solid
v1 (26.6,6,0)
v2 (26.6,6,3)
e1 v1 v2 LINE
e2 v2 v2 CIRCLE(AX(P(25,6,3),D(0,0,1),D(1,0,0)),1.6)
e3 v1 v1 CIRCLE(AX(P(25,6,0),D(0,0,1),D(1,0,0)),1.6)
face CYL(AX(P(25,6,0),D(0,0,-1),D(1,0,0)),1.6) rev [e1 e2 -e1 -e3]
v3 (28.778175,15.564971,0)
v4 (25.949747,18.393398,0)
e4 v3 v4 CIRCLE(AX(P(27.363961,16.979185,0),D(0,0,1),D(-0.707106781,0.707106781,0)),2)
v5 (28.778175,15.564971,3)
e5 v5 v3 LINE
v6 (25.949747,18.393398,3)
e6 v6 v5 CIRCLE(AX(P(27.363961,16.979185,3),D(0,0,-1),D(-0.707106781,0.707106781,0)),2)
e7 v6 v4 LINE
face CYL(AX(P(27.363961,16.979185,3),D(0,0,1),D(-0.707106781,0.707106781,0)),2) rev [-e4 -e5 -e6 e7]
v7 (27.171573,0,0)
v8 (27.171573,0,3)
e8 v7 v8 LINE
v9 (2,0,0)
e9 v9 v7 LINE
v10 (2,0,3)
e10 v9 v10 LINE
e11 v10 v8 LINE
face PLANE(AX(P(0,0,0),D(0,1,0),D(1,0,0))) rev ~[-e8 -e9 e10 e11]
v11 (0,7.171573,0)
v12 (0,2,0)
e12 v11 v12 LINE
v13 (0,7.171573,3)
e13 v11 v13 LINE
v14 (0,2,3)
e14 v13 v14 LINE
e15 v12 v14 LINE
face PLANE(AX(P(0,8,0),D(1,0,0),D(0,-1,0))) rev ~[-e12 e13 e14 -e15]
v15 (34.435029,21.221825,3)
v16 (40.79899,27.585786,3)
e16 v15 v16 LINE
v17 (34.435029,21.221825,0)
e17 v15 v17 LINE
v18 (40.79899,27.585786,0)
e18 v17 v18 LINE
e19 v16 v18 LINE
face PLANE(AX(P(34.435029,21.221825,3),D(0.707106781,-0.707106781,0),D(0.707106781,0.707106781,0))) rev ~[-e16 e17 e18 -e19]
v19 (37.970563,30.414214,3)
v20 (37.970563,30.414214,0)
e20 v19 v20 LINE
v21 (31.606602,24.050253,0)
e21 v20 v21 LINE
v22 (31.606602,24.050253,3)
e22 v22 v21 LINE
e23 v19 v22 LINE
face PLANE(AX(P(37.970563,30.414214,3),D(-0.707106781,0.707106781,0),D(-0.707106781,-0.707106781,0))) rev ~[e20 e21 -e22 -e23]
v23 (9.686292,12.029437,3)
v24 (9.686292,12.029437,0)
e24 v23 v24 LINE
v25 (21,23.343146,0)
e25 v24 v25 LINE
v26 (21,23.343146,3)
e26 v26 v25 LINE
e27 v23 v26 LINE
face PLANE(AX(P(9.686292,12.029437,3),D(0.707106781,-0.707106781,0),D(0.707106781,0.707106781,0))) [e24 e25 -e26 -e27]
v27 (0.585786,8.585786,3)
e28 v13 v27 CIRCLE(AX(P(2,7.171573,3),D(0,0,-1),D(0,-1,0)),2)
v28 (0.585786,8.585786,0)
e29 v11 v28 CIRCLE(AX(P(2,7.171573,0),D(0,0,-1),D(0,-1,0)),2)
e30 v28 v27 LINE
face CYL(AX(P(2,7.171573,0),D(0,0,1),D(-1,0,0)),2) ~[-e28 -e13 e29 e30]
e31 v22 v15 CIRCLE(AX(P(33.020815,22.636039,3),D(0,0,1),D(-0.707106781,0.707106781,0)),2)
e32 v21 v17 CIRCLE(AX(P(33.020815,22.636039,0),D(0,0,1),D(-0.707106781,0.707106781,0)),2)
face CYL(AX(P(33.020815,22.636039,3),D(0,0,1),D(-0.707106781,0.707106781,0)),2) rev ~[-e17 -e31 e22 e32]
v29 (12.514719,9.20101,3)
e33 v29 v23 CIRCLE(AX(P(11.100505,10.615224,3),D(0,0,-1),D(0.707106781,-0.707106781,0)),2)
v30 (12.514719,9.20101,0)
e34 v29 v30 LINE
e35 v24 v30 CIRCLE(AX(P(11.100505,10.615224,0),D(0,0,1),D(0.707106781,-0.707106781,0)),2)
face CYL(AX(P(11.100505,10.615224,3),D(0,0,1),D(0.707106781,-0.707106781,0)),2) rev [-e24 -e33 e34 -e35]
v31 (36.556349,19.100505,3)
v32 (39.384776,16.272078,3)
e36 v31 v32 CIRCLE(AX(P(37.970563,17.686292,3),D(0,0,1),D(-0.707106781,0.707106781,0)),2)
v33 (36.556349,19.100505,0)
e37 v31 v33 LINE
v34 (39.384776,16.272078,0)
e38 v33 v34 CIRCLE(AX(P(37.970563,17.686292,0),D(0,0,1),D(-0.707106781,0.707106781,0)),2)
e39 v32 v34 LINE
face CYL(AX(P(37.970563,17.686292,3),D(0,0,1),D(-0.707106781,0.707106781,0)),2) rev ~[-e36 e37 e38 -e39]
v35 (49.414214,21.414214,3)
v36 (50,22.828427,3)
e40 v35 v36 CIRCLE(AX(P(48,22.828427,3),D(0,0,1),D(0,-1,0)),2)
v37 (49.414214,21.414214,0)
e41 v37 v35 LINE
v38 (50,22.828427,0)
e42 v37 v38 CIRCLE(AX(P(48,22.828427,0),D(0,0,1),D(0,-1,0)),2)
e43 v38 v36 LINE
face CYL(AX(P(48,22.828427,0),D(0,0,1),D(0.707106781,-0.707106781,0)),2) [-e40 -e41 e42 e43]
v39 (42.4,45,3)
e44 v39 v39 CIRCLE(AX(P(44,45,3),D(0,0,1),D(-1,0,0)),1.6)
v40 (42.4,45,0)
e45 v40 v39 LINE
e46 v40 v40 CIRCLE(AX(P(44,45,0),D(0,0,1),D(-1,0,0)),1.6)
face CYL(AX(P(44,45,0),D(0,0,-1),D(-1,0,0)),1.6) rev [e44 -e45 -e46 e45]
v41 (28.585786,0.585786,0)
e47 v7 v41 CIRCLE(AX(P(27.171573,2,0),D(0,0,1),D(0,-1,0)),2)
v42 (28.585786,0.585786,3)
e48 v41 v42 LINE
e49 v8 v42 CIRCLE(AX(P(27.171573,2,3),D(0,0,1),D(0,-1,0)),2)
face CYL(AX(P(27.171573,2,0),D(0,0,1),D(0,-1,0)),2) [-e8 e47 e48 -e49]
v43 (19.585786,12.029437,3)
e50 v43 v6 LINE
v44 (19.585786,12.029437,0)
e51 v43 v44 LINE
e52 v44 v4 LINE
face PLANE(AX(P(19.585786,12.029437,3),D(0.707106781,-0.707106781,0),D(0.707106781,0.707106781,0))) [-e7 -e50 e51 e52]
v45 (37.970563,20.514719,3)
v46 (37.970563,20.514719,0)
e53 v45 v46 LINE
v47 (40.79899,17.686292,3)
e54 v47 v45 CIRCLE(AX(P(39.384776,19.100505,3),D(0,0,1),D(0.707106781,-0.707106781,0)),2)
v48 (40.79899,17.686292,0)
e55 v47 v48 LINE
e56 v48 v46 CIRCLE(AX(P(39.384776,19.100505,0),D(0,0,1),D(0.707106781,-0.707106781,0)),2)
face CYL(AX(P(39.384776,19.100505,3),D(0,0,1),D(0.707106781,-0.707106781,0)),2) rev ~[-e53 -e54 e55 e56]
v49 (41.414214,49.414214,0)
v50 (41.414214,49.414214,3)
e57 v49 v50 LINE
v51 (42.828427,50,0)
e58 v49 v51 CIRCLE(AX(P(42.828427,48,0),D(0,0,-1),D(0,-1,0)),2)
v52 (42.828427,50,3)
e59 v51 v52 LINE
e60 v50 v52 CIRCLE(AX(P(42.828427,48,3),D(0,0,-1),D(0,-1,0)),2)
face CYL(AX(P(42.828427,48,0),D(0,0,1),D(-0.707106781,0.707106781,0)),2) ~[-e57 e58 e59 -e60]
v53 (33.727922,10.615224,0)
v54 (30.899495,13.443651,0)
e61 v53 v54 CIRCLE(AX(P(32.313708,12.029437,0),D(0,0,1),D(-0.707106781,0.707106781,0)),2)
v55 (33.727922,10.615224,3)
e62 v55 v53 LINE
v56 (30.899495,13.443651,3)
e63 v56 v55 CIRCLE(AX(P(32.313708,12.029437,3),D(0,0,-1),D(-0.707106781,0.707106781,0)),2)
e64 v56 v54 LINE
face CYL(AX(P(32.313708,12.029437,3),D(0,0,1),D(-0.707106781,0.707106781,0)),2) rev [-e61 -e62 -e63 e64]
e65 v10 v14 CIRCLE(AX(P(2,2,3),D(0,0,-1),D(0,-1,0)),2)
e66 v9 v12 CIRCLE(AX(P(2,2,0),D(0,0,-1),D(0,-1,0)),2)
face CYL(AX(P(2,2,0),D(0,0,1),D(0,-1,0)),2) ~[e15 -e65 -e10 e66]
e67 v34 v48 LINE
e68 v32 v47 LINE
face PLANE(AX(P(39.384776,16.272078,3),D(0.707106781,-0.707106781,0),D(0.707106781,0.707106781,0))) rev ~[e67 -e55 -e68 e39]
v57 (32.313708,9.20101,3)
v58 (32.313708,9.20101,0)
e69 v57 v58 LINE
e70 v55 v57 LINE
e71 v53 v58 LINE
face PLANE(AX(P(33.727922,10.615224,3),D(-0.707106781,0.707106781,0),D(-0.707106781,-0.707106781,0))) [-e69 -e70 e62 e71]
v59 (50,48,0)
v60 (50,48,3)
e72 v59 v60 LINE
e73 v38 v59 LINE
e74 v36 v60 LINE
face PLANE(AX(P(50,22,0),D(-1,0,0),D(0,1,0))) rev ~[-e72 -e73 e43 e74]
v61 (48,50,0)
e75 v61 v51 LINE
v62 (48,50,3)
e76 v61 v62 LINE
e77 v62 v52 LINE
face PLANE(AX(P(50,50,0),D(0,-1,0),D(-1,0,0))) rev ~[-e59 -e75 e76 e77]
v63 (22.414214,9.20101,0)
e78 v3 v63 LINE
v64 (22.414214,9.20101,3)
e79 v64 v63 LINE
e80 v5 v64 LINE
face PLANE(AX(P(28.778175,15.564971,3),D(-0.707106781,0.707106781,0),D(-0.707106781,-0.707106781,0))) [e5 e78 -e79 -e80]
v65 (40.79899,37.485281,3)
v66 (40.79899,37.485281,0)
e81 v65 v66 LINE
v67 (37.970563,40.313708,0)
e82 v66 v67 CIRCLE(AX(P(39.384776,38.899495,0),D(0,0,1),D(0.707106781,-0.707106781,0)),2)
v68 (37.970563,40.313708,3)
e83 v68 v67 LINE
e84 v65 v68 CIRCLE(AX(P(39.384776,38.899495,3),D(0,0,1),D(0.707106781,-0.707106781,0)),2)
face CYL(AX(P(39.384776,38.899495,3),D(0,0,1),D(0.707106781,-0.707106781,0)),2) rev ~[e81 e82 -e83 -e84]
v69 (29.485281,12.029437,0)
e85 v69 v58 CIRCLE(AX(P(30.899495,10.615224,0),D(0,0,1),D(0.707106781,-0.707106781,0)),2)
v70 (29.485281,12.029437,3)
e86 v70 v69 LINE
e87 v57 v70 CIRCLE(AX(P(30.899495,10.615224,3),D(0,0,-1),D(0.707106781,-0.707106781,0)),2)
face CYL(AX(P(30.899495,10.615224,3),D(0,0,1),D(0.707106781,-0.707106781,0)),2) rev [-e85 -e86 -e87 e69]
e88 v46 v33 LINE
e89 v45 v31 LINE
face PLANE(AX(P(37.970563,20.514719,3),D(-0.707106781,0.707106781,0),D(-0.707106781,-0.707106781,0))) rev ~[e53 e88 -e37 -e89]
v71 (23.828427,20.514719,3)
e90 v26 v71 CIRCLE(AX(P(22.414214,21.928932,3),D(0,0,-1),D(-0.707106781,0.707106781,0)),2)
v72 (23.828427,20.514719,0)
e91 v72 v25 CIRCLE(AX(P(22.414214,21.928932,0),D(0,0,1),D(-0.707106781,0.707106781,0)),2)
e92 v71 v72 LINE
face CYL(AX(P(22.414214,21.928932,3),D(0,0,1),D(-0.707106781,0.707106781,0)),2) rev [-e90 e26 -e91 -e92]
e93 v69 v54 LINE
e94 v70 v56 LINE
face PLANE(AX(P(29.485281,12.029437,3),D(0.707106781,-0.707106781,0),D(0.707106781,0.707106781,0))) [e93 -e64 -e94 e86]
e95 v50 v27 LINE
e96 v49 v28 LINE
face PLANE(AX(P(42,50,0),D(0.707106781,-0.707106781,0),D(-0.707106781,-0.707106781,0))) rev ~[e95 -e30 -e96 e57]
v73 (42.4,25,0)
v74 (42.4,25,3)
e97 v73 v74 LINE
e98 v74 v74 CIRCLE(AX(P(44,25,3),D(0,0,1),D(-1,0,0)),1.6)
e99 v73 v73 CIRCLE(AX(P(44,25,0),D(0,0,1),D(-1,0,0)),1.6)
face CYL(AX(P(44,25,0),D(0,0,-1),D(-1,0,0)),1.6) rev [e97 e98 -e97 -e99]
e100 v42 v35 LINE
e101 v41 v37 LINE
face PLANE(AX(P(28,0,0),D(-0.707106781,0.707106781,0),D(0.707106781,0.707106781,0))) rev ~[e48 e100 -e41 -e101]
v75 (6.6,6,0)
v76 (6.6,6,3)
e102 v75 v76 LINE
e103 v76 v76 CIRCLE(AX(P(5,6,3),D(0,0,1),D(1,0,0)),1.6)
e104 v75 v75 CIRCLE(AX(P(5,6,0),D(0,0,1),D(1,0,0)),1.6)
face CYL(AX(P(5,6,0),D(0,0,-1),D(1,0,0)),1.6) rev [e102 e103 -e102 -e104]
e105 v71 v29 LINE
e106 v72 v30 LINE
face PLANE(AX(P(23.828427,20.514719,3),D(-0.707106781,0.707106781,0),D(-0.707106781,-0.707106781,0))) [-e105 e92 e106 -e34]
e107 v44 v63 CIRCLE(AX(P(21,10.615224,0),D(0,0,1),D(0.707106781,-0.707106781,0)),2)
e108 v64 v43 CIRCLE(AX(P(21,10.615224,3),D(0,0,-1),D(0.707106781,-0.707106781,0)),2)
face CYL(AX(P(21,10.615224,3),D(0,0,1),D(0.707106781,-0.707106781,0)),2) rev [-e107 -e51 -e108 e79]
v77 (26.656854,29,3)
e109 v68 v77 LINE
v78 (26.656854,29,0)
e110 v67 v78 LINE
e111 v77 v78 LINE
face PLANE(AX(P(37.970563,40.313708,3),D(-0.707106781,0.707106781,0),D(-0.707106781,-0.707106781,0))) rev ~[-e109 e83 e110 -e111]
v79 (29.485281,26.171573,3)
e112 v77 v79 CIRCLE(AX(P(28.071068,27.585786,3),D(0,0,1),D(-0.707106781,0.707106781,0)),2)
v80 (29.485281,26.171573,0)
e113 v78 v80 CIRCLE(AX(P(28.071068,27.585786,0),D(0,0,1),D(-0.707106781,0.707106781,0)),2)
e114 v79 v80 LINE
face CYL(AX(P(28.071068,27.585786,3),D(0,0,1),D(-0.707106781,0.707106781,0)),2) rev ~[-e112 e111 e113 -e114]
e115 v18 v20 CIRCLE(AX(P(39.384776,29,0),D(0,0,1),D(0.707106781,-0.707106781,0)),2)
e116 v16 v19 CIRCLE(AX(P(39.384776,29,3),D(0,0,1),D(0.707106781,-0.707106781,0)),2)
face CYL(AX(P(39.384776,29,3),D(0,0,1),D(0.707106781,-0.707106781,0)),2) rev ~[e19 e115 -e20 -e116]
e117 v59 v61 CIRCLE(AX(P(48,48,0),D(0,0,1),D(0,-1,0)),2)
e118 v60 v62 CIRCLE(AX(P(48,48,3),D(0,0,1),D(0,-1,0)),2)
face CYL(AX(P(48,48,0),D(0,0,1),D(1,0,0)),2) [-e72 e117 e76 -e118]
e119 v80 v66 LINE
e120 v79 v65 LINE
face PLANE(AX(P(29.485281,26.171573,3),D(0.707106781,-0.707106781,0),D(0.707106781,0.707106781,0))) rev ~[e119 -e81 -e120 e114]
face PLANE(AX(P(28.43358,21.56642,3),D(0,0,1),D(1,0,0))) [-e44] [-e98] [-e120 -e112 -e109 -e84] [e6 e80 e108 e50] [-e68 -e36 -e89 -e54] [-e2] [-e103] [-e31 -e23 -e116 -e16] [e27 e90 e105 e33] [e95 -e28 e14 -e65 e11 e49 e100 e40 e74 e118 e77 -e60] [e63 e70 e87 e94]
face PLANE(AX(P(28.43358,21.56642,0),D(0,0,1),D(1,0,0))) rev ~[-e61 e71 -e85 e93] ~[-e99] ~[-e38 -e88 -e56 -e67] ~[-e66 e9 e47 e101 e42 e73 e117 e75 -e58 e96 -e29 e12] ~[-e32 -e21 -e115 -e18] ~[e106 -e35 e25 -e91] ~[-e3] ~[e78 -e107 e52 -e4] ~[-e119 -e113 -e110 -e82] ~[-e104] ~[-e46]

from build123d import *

# Parameters (mm, degrees)
SKETCH_1_R          = 1.6
EXTRUDE_1_DEPTH     = 3
FILLET_1_R          = 2
CUT_EXTRUDE_1_DEPTH = 10


with BuildPart() as part:
    # 草图1 → 凸台-拉伸1 (new body)
    with BuildSketch(Plane.XY):
        Polygon((0, 0), (28, 0), (50, 22), (50, 50), (42, 50), (0, 8), align=None)
        with Locations((5, 6)):
            Circle(SKETCH_1_R, mode=Mode.SUBTRACT)
        with Locations((25, 6)):
            Circle(SKETCH_1_R, mode=Mode.SUBTRACT)
        with Locations(Location((44, 45, 0), (0, 0, 180))):
            Circle(SKETCH_1_R, mode=Mode.SUBTRACT)
        with Locations(Location((44, 25, 0), (0, 0, 180))):
            Circle(SKETCH_1_R, mode=Mode.SUBTRACT)
    extrude(amount=EXTRUDE_1_DEPTH)

    # 圆角1
    fillet_1_edges = [part.edges().sort_by_distance(p)[0] for p in [
        (0, 8, 1.5),
        (42, 50, 1.5),
        (50, 50, 1.5),
        (50, 22, 1.5),
        (28, 0, 1.5),
        (0, 0, 1.5),
    ]]
    fillet(fillet_1_edges, radius=FILLET_1_R)

    # 草图2 → 切除-拉伸1 (cut)
    with BuildSketch(Plane.XY.offset(3)):
        with BuildLine():
            Line((9.686291501, 12.029437252), (21, 23.343145751))
            ThreePointArc((21, 23.343145751), (23.828427125, 23.343145751), (23.828427125, 20.514718626))
            Line((23.828427125, 20.514718626), (12.514718626, 9.201010127))
            ThreePointArc((12.514718626, 9.201010127), (9.686291501, 9.201010127), (9.686291501, 12.029437252))
        make_face()
        with BuildLine():
            Line((28.778174593, 15.564971157), (22.414213562, 9.201010127))
            ThreePointArc((22.414213562, 9.201010127), (19.585786438, 9.201010127), (19.585786438, 12.029437252))
            Line((19.585786438, 12.029437252), (25.949747468, 18.393398282))
            ThreePointArc((25.949747468, 18.393398282), (28.778174593, 18.393398282), (28.778174593, 15.564971157))
        make_face()
        with BuildLine():
            Line((29.485281374, 12.029437252), (30.899494937, 13.443650814))
            ThreePointArc((30.899494937, 13.443650814), (33.727922061, 13.443650814), (33.727922061, 10.615223689))
            Line((33.727922061, 10.615223689), (32.313708499, 9.201010127))
            ThreePointArc((32.313708499, 9.201010127), (29.485281374, 9.201010127), (29.485281374, 12.029437252))
        make_face()
        with BuildLine():
            Line((37.970562748, 40.313708499), (26.656854249, 29))
            ThreePointArc((26.656854249, 29), (26.656854249, 26.171572875), (29.485281374, 26.171572875))
            Line((29.485281374, 26.171572875), (40.798989873, 37.485281374))
            ThreePointArc((40.798989873, 37.485281374), (40.798989873, 40.313708499), (37.970562748, 40.313708499))
        make_face()
        with BuildLine():
            Line((34.435028843, 21.221825407), (40.798989873, 27.585786438))
            ThreePointArc((40.798989873, 27.585786438), (40.798989873, 30.414213562), (37.970562748, 30.414213562))
            Line((37.970562748, 30.414213562), (31.606601718, 24.050252532))
            ThreePointArc((31.606601718, 24.050252532), (31.606601718, 21.221825407), (34.435028843, 21.221825407))
        make_face()
        with BuildLine():
            Line((37.970562748, 20.514718626), (36.556349186, 19.100505063))
            ThreePointArc((36.556349186, 19.100505063), (36.556349186, 16.272077939), (39.384776311, 16.272077939))
            Line((39.384776311, 16.272077939), (40.798989873, 17.686291501))
            ThreePointArc((40.798989873, 17.686291501), (40.798989873, 20.514718626), (37.970562748, 20.514718626))
        make_face()
    extrude(amount=-CUT_EXTRUDE_1_DEPTH, mode=Mode.SUBTRACT)


solid = part.part
